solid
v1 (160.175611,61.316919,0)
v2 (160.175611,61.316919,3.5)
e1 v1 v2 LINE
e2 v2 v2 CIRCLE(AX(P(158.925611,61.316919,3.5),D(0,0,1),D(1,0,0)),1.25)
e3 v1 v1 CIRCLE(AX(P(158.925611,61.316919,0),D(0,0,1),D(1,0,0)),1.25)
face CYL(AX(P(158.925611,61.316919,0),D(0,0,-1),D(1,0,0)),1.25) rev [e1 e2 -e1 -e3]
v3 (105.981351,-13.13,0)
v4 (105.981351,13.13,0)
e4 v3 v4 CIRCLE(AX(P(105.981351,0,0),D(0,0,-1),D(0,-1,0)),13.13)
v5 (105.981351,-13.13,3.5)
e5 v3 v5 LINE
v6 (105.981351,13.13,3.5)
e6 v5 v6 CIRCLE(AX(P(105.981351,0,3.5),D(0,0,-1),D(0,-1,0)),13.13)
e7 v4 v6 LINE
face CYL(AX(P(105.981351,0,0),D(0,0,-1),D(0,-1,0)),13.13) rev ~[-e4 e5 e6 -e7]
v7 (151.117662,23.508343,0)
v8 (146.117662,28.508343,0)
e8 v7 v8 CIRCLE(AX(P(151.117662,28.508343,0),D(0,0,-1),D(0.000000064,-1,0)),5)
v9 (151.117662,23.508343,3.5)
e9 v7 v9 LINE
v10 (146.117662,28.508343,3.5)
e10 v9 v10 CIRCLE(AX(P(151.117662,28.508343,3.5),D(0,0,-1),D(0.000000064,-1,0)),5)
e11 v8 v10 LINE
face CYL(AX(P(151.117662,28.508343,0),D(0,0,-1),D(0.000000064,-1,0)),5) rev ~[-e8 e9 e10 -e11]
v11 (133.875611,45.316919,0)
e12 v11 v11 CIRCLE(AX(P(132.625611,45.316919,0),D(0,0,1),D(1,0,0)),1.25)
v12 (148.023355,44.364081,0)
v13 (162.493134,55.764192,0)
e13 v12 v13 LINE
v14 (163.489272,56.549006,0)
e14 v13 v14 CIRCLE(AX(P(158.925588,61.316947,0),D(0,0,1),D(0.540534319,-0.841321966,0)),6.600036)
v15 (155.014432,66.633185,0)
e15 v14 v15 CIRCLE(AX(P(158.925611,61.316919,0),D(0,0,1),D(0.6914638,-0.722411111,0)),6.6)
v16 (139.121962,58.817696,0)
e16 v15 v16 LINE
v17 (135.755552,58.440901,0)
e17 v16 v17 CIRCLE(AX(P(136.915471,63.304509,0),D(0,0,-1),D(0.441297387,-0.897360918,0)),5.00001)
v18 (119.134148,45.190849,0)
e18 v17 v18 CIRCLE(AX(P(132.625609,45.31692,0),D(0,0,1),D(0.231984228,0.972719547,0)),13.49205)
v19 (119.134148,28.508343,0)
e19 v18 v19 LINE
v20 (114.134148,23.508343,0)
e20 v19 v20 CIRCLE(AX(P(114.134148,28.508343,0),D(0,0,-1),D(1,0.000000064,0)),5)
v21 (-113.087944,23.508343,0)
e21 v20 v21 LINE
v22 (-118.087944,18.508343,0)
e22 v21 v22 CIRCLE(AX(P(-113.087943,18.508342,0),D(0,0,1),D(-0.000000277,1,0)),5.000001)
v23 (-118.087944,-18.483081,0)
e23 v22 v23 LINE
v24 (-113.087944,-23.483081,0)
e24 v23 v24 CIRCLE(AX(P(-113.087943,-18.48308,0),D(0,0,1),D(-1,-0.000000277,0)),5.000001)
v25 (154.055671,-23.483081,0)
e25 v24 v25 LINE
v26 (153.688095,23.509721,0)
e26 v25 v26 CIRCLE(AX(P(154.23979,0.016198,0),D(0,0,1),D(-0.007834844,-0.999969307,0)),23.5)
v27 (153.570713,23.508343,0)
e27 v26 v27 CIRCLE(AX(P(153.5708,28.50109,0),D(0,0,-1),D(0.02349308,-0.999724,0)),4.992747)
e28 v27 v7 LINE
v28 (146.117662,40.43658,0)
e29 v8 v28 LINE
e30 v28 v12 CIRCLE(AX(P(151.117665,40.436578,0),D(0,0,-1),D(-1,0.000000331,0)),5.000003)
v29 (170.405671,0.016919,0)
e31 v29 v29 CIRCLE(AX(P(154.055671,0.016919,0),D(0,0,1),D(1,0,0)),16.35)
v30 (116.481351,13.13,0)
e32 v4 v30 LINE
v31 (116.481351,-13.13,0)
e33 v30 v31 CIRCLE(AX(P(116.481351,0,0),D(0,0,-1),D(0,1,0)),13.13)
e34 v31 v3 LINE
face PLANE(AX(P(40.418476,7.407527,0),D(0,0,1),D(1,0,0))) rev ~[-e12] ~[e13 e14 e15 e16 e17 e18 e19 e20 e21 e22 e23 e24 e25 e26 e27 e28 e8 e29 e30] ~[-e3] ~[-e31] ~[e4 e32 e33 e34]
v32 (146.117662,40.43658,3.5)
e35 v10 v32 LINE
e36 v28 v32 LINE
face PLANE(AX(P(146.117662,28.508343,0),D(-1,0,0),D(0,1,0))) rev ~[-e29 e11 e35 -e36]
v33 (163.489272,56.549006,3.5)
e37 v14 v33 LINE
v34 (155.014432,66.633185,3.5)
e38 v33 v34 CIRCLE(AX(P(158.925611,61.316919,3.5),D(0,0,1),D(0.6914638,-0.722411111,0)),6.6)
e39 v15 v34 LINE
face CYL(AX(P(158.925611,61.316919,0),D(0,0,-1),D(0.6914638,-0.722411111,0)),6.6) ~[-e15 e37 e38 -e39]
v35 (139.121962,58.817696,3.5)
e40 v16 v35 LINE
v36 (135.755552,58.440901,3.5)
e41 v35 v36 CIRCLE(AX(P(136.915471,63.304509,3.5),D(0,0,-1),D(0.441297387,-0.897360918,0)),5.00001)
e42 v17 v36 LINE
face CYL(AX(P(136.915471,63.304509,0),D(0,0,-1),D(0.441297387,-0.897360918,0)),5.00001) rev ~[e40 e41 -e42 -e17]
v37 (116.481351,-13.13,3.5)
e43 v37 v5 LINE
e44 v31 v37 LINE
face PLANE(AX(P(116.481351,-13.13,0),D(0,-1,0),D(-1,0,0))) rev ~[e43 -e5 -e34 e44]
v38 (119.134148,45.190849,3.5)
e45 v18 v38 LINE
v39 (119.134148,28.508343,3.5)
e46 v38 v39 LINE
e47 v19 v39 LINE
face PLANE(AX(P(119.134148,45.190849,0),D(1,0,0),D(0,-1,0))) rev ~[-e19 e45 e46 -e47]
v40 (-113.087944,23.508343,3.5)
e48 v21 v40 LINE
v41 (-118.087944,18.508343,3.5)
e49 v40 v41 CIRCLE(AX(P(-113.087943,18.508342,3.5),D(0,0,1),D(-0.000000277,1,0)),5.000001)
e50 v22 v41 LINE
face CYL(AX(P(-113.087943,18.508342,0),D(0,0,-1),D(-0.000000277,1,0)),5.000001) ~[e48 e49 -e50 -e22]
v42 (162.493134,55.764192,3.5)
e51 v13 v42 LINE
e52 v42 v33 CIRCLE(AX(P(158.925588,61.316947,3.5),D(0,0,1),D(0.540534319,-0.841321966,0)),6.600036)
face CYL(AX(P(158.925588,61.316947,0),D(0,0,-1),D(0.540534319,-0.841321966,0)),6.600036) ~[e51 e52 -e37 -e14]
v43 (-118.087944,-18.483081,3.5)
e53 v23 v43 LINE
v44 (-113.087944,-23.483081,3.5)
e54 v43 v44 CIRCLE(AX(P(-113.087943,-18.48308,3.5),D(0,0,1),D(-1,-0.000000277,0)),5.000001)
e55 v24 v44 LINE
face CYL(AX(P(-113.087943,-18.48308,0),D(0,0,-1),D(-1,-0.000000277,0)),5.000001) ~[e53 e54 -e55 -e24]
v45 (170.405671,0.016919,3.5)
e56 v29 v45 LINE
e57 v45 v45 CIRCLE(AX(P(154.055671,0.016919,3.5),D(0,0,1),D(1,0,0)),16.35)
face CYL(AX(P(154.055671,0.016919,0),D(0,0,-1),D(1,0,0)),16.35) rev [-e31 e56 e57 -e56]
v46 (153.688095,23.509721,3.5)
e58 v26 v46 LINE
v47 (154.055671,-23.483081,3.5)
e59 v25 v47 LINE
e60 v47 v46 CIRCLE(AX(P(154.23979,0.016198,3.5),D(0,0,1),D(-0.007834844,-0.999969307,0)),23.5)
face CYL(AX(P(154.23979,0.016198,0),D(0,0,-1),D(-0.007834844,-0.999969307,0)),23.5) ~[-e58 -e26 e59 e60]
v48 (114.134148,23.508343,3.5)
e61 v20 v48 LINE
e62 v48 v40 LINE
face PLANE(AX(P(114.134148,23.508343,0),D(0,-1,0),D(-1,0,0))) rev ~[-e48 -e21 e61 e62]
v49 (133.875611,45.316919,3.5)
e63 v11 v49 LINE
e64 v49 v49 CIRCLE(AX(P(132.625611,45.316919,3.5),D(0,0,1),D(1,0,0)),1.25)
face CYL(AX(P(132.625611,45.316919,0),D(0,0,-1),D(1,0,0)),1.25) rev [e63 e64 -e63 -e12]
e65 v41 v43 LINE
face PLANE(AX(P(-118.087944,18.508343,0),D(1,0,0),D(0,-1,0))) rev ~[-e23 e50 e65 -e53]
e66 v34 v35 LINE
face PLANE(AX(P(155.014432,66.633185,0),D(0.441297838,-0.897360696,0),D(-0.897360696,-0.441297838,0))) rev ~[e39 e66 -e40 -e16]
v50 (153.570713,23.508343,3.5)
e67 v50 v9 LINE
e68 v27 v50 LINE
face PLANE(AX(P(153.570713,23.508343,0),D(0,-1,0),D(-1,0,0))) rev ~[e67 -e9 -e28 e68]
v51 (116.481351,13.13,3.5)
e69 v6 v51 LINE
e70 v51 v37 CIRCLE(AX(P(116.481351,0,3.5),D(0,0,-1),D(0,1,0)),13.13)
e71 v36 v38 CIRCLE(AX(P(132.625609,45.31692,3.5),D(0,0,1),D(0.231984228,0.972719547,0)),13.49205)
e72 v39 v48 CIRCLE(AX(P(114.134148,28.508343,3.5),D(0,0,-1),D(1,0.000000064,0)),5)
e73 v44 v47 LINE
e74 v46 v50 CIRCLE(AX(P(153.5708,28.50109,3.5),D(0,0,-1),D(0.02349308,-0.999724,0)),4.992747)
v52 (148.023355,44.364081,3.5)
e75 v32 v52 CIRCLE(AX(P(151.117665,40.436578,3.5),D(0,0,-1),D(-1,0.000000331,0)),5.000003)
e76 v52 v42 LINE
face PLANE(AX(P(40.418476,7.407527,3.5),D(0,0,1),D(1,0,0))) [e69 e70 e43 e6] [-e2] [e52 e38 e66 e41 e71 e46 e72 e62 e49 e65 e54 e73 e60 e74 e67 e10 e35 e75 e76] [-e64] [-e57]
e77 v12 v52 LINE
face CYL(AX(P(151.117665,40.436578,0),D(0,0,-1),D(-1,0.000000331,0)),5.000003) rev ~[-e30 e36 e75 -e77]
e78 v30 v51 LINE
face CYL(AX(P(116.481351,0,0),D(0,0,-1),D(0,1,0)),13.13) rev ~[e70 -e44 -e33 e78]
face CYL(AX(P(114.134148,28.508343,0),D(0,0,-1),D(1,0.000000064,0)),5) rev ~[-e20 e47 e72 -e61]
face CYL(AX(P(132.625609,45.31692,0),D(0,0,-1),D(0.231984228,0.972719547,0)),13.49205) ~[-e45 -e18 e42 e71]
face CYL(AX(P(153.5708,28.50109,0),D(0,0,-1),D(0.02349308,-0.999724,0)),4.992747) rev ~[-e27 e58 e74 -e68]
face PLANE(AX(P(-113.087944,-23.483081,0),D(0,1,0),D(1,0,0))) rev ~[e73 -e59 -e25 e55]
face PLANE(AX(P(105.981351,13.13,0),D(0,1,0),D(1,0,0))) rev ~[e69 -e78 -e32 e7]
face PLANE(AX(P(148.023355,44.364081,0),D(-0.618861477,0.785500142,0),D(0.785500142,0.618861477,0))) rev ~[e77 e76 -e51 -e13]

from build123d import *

# Parameters (mm, degrees)
F0_R     = 16.35
F0_R_2   = 1.25
F1_DEPTH = 3.5


with BuildPart() as f1:
    # F0 (on Top) → F1 (new body)
    with BuildSketch(Plane.XY):
        with BuildLine():
            ThreePointArc((-118.087944, -18.483081), (-116.623477, -22.018615), (-113.087944, -23.483081))
            Line((-113.087944, -23.483081), (154.055671, -23.483081))
            ThreePointArc((154.055671, -23.483081), (177.739071, 0.200008), (153.688095, 23.509721))
            ThreePointArc((153.688095, 23.509721), (153.629408, 23.508687), (153.570713, 23.508343))
            Line((153.570713, 23.508343), (151.117662, 23.508343))
            ThreePointArc((151.117662, 23.508343), (147.582128, 24.972809), (146.117662, 28.508343))
            Line((146.117662, 28.508343), (146.117662, 40.43658))
            ThreePointArc((146.117662, 40.43658), (146.619244, 42.619292), (148.023355, 44.364081))
            Line((148.023355, 44.364081), (162.493134, 55.764192))
            Line((162.493134, 55.764192), (163.489272, 56.549006))
            ThreePointArc((163.489272, 56.549006), (163.978244, 65.5632), (155.014432, 66.633185))
            Line((155.014432, 66.633185), (139.121962, 58.817696))
            ThreePointArc((139.121962, 58.817696), (137.471638, 58.335528), (135.755552, 58.440901))
            ThreePointArc((135.755552, 58.440901), (124.215423, 55.867), (119.134148, 45.190849))
            Line((119.134148, 45.190849), (119.134148, 28.508343))
            ThreePointArc((119.134148, 28.508343), (117.669682, 24.972809), (114.134148, 23.508343))
            Line((114.134148, 23.508343), (-113.087944, 23.508343))
            ThreePointArc((-113.087944, 23.508343), (-116.623477, 22.043877), (-118.087944, 18.508343))
            Line((-118.087944, 18.508343), (-118.087944, -18.483081))
        make_face()
        with BuildLine():
            ThreePointArc((105.981351, -13.13), (92.851351, 0), (105.981351, 13.13))
            Line((105.981351, 13.13), (116.481351, 13.13))
            ThreePointArc((116.481351, 13.13), (129.611351, 0), (116.481351, -13.13))
            Line((116.481351, -13.13), (105.981351, -13.13))
        make_face(mode=Mode.SUBTRACT)
        with Locations((154.055671, 0.016919)):
            Circle(F0_R, mode=Mode.SUBTRACT)
        with Locations((132.625611, 45.316919)):
            Circle(F0_R_2, mode=Mode.SUBTRACT)
        with Locations((158.925611, 61.316919)):
            Circle(F0_R_2, mode=Mode.SUBTRACT)
        with BuildLine():
            Line((163.489272, 56.549006), (162.493134, 55.764192))
            ThreePointArc((162.493134, 55.764192), (163.010096, 56.132618), (163.489272, 56.549006))
        make_face()
    extrude(amount=F1_DEPTH)


solid = f1.part
